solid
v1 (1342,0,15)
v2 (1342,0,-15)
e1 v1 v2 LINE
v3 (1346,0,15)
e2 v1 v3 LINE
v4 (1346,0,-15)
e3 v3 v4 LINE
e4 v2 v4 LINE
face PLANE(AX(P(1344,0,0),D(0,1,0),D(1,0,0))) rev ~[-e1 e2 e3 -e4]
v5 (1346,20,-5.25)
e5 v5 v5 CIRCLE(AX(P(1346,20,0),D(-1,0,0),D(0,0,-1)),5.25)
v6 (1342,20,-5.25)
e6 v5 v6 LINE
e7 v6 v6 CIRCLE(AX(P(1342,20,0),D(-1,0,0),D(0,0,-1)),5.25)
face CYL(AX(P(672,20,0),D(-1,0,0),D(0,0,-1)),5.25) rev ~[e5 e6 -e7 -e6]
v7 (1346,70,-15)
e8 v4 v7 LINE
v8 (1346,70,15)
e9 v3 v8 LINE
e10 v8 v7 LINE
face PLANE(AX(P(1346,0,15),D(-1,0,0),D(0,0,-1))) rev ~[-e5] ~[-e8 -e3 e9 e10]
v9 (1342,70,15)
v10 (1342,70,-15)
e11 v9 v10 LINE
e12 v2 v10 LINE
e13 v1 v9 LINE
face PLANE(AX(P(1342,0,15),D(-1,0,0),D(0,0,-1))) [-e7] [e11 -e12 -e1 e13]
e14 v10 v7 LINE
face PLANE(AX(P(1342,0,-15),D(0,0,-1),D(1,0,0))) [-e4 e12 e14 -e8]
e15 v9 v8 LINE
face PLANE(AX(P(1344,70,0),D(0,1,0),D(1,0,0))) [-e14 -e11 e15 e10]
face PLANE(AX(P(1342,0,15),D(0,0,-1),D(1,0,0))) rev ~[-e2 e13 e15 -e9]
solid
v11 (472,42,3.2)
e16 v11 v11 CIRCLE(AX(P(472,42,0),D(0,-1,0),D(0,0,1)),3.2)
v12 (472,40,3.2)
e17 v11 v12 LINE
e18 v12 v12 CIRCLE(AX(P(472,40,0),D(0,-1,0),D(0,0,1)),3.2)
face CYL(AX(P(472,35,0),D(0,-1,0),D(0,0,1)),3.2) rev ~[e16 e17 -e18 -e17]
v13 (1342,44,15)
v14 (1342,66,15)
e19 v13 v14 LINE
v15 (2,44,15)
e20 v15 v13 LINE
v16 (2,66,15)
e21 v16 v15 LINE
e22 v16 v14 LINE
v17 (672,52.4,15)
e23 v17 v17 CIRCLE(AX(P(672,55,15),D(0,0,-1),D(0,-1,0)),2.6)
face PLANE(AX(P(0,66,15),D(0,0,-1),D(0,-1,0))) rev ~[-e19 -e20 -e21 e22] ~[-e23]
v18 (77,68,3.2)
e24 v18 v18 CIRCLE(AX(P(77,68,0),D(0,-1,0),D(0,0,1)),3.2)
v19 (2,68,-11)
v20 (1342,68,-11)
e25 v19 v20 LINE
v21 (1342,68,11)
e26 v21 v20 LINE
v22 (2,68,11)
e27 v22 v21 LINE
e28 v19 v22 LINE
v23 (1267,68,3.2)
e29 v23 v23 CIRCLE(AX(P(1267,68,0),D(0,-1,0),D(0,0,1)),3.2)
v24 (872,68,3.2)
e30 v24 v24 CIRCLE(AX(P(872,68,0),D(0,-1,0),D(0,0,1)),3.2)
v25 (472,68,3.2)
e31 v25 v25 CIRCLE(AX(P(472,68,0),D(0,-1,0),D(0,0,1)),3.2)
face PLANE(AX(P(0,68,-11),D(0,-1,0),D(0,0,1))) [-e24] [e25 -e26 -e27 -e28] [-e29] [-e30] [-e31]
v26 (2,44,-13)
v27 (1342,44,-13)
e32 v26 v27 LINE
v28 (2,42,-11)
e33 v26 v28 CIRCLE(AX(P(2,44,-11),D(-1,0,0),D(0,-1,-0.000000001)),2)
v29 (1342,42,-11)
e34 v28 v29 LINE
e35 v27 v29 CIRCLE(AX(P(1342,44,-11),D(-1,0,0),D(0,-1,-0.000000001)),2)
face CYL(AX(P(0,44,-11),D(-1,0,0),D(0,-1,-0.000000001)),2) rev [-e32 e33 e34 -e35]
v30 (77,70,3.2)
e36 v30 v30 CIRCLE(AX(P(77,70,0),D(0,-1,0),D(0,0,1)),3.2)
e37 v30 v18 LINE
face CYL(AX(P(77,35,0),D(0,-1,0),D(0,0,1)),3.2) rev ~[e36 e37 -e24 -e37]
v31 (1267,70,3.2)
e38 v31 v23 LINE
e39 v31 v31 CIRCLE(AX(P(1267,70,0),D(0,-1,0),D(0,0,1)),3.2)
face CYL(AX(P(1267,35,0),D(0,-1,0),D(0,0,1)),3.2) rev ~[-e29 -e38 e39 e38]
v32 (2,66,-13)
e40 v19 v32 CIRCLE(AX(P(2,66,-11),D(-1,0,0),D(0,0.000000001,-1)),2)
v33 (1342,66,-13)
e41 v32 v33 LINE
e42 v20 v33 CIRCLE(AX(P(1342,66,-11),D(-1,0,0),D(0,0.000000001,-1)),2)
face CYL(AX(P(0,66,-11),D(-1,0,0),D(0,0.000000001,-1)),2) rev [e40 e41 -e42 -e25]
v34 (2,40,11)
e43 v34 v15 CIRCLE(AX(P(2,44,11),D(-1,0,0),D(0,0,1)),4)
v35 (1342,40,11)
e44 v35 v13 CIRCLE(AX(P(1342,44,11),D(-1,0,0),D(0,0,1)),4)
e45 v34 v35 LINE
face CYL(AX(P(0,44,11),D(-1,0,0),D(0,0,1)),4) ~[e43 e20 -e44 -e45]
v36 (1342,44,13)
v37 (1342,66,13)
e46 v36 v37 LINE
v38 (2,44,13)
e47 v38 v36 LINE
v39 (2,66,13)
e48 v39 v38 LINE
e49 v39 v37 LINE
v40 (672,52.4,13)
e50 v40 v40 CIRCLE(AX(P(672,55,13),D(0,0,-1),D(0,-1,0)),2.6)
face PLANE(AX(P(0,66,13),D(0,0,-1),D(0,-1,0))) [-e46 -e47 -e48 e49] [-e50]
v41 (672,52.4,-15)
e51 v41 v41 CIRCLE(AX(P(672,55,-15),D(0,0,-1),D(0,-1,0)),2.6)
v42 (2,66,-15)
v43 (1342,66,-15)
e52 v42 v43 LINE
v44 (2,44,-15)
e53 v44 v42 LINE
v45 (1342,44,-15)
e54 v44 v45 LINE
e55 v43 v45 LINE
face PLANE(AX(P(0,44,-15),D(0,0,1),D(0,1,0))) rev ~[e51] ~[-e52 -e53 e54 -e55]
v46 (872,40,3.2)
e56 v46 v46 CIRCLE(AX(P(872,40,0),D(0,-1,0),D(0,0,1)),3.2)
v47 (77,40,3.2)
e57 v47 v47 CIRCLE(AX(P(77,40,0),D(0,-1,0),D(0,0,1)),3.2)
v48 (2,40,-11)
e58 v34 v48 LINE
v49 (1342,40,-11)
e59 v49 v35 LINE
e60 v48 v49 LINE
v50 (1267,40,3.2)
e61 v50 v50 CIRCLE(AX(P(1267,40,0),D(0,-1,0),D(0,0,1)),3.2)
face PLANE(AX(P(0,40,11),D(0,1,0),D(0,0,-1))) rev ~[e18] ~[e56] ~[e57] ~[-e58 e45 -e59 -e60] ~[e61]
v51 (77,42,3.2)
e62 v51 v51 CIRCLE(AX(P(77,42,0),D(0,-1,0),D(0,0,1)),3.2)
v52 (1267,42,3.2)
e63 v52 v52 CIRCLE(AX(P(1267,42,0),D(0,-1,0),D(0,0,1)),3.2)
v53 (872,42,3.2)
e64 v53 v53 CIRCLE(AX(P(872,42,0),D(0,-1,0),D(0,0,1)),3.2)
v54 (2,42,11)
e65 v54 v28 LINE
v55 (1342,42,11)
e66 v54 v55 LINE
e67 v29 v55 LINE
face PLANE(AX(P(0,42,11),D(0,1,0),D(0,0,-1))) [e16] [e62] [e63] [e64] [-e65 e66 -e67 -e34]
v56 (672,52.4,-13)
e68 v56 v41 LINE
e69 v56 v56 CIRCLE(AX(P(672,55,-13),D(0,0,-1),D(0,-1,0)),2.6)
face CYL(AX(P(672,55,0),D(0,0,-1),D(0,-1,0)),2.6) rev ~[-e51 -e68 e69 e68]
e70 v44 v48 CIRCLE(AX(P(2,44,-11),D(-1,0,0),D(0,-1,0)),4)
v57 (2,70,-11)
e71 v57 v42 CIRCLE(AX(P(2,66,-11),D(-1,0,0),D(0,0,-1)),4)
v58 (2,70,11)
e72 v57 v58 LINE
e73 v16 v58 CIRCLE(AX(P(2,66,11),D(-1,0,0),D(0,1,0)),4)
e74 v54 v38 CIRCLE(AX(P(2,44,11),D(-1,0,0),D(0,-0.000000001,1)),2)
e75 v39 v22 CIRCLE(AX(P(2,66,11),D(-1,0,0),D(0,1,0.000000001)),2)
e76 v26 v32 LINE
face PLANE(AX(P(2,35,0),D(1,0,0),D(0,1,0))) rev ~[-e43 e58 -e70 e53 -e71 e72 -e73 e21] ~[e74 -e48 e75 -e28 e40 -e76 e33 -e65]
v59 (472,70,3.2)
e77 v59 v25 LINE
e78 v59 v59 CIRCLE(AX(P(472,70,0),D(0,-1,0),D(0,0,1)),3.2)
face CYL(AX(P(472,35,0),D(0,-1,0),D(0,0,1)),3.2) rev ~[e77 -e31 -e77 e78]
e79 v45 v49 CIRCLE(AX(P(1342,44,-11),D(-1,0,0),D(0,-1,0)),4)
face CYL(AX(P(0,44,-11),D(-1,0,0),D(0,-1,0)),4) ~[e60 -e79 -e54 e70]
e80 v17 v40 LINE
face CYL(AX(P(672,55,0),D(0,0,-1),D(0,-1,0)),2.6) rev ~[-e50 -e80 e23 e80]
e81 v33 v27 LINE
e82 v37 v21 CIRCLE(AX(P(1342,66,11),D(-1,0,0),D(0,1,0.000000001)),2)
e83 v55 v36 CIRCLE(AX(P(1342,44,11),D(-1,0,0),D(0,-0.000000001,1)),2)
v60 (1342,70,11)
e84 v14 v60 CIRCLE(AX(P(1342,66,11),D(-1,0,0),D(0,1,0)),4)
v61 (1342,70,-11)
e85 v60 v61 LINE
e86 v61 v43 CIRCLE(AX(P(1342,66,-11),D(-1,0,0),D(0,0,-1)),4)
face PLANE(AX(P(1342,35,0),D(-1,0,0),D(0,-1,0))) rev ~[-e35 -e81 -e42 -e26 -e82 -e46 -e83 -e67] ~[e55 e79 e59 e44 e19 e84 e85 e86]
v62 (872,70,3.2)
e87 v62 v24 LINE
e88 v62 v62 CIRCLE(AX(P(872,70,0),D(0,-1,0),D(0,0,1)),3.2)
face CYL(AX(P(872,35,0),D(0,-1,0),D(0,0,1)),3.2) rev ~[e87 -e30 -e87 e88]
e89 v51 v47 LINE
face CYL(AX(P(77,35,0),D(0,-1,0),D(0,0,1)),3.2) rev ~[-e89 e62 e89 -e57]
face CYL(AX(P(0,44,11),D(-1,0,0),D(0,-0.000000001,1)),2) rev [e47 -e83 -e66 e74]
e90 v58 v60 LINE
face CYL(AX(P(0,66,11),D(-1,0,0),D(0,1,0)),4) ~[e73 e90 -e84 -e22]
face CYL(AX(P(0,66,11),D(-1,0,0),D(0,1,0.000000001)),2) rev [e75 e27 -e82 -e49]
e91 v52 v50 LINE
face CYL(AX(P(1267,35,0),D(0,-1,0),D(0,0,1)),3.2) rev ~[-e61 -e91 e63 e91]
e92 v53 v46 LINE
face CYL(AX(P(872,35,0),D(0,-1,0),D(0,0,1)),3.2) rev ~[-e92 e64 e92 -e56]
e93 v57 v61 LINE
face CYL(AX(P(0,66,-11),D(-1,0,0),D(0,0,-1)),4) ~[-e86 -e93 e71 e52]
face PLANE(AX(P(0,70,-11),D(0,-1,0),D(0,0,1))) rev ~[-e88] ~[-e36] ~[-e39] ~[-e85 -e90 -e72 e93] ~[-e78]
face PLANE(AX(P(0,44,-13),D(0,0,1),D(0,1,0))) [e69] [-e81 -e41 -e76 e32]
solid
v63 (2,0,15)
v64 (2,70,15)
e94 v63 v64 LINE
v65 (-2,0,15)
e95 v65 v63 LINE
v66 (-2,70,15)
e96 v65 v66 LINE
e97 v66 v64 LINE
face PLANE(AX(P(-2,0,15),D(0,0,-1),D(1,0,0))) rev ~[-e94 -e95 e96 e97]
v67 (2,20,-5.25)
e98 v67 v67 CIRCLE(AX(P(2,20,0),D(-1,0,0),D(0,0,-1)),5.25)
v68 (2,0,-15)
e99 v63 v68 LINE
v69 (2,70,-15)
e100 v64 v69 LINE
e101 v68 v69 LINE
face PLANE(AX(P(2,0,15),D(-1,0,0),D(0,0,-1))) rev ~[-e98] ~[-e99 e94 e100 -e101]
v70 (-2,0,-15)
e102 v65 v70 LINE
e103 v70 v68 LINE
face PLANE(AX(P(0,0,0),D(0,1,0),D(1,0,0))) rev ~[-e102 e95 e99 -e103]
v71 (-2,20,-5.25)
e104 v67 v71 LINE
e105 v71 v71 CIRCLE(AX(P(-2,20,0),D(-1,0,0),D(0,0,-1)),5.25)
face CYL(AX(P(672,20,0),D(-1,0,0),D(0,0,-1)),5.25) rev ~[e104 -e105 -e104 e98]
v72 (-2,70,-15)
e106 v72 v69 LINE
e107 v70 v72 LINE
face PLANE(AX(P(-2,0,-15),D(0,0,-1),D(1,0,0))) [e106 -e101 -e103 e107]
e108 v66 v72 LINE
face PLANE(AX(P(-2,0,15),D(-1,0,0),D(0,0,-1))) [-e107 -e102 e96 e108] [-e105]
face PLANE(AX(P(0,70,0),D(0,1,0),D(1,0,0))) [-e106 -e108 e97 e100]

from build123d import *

# Parameters (mm, degrees)
SQUARE_TUBE_CONFIGURED_30_X_30_X_2_DEPTH = 1344
SKETCH11_W                               = 4
SKETCH11_H                               = 30
STEEL_BAR_CONFIGURED_30_X_2_DEPTH        = 70
SKETCH11_ON_SEGMENT_2_W                  = 4
SKETCH11_ON_SEGMENT_2_H                  = 30
STEEL_BAR_CONFIGURED_30_X_2_2_DEPTH      = 70
SKETCH13_W                               = 5.25
SKETCH13_H                               = 1348
SKETCH18_W                               = 2.6
SKETCH18_H                               = 30
SKETCH22_W                               = 3.2
SKETCH22_H                               = 70
M6_CLEARANCE_HOLE_TABLE_MOUNT_AT_2_COUNT = 2
M6_CLEARANCE_HOLE_TABLE_MOUNT_AT_2_PITCH = 395
M6_CLEARANCE_HOLE_TABLE_MOUNT_AT_3_COUNT = 2
M6_CLEARANCE_HOLE_TABLE_MOUNT_AT_3_PITCH = 795
M6_CLEARANCE_HOLE_TABLE_MOUNT_AT_4_COUNT = 2
M6_CLEARANCE_HOLE_TABLE_MOUNT_AT_4_PITCH = 1190


with BuildPart() as part:
    # Sketch1 → Square tube - configured 30 X 30 X 2 (new body)
    with BuildSketch(Plane(origin=(0, 55, 0), x_dir=(0, 0, -1), z_dir=(1, 0, 0))):
        with BuildLine():
            Line((-11, -15), (11, -15))
            ThreePointArc((11, -15), (13.828427125, -13.828427125), (15, -11))
            Line((15, -11), (15, 11))
            ThreePointArc((15, 11), (13.828427125, 13.828427125), (11, 15))
            Line((11, 15), (-11, 15))
            ThreePointArc((-11, 15), (-13.828427125, 13.828427125), (-15, 11))
            Line((-15, 11), (-15, -11))
            ThreePointArc((-15, -11), (-13.828427125, -13.828427125), (-11, -15))
        make_face()
        with BuildLine():
            Line((-11, -13), (11, -13))
            ThreePointArc((11, -13), (12.414213562, -12.414213562), (13, -11))
            Line((13, -11), (13, 11))
            ThreePointArc((13, 11), (12.414213562, 12.414213562), (11, 13))
            Line((11, 13), (-11, 13))
            ThreePointArc((-11, 13), (-12.414213562, 12.414213562), (-13, 11))
            Line((-13, 11), (-13, -11))
            ThreePointArc((-13, -11), (-12.414213562, -12.414213562), (-11, -13))
        make_face(mode=Mode.SUBTRACT)
    extrude(amount=SQUARE_TUBE_CONFIGURED_30_X_30_X_2_DEPTH)

    # Trim/Extend1
    split(bisect_by=Plane(origin=(1342, 35, 0), x_dir=(0, -1, 0), z_dir=(-1, 0, 0)), keep=Keep.TOP)

    # Trim_Extend1 3
    split(bisect_by=Plane(origin=(2, 35, 0), x_dir=(0, 1, 0), z_dir=(1, 0, 0)), keep=Keep.TOP)

    # Sketch18 → Ø5.2 (5.2) Wall Mount Hole (revolve, cut)
    with BuildSketch(Plane(origin=(672, 55, 15), x_dir=(0, -1, 0), z_dir=(1, 0, 0))):
        with Locations((1.3, 15)):
            Rectangle(SKETCH18_W, SKETCH18_H)
    revolve(axis=Axis((672, 55, 21.35), (0, 0, -1)), mode=Mode.SUBTRACT)

    # Sketch22 → M6 Clearance Hole table mount (revolve, cut)
    with BuildSketch(Plane(origin=(77, 70, 0), x_dir=(0, 0, 1), z_dir=(1, 0, 0))):
        with Locations((1.6, 35)):
            Rectangle(SKETCH22_W, SKETCH22_H)
    m6_clearance_hole_table_mount = revolve(axis=Axis((77, 76.35, 0), (0, -1, 0)), mode=Mode.SUBTRACT)

    # M6 Clearance Hole table mount at 2: M6 Clearance Hole table mount ×2
    with Locations(*[(i * M6_CLEARANCE_HOLE_TABLE_MOUNT_AT_2_PITCH, 0, 0) for i in range(1, M6_CLEARANCE_HOLE_TABLE_MOUNT_AT_2_COUNT)]):
        add(m6_clearance_hole_table_mount, mode=Mode.SUBTRACT)

    # M6 Clearance Hole table mount at 3: M6 Clearance Hole table mount ×2
    with Locations(*[(i * M6_CLEARANCE_HOLE_TABLE_MOUNT_AT_3_PITCH, 0, 0) for i in range(1, M6_CLEARANCE_HOLE_TABLE_MOUNT_AT_3_COUNT)]):
        add(m6_clearance_hole_table_mount, mode=Mode.SUBTRACT)

    # M6 Clearance Hole table mount at 4: M6 Clearance Hole table mount ×2
    with Locations(*[(i * M6_CLEARANCE_HOLE_TABLE_MOUNT_AT_4_PITCH, 0, 0) for i in range(1, M6_CLEARANCE_HOLE_TABLE_MOUNT_AT_4_COUNT)]):
        add(m6_clearance_hole_table_mount, mode=Mode.SUBTRACT)


with BuildPart() as body_2:
    # Sketch11 → Steel bar - configured 30 X 2 (new body)
    with BuildSketch(Plane(origin=(0, 0, 0), x_dir=(1, 0, 0), z_dir=(0, 1, 0))):
        Rectangle(SKETCH11_W, SKETCH11_H)
    extrude(amount=STEEL_BAR_CONFIGURED_30_X_2_DEPTH)


with BuildPart() as body_3:
    # Sketch11 on segment 2 (carried to segment 2) → Steel bar - configured 30 X 2 2 (new body)
    with BuildSketch(Plane(origin=(1344, 0, 0), x_dir=(1, 0, 0), z_dir=(0, 1, 0))):
        Rectangle(SKETCH11_ON_SEGMENT_2_W, SKETCH11_ON_SEGMENT_2_H)
    extrude(amount=STEEL_BAR_CONFIGURED_30_X_2_2_DEPTH)


with BuildPart() as f_10_5_10_5_frame_mount_holes_tool:
    # Sketch13 → Ø10.5 (10.5) Frame Mount Holes (revolve)
    with BuildSketch(Plane(origin=(1346, 20, 0), x_dir=(0, 0, -1), z_dir=(0, 1, 0))):
        with Locations((2.625, 674)):
            Rectangle(SKETCH13_W, SKETCH13_H)
    revolve(axis=Axis((1352.35, 20, 0), (-1, 0, 0)))


with BuildPart() as body_2_1:
    add(body_2.part)

    # Ø10.5 (10.5) Frame Mount Holes: cut by f_10_5_10_5_frame_mount_holes_tool
    add(f_10_5_10_5_frame_mount_holes_tool.part, mode=Mode.SUBTRACT)


with BuildPart() as body_3_1:
    add(body_3.part)

    # Ø10.5 (10.5) Frame Mount Holes: cut by f_10_5_10_5_frame_mount_holes_tool
    add(f_10_5_10_5_frame_mount_holes_tool.part, mode=Mode.SUBTRACT)


solid = Compound([part.part, body_2_1.part, body_3_1.part])
